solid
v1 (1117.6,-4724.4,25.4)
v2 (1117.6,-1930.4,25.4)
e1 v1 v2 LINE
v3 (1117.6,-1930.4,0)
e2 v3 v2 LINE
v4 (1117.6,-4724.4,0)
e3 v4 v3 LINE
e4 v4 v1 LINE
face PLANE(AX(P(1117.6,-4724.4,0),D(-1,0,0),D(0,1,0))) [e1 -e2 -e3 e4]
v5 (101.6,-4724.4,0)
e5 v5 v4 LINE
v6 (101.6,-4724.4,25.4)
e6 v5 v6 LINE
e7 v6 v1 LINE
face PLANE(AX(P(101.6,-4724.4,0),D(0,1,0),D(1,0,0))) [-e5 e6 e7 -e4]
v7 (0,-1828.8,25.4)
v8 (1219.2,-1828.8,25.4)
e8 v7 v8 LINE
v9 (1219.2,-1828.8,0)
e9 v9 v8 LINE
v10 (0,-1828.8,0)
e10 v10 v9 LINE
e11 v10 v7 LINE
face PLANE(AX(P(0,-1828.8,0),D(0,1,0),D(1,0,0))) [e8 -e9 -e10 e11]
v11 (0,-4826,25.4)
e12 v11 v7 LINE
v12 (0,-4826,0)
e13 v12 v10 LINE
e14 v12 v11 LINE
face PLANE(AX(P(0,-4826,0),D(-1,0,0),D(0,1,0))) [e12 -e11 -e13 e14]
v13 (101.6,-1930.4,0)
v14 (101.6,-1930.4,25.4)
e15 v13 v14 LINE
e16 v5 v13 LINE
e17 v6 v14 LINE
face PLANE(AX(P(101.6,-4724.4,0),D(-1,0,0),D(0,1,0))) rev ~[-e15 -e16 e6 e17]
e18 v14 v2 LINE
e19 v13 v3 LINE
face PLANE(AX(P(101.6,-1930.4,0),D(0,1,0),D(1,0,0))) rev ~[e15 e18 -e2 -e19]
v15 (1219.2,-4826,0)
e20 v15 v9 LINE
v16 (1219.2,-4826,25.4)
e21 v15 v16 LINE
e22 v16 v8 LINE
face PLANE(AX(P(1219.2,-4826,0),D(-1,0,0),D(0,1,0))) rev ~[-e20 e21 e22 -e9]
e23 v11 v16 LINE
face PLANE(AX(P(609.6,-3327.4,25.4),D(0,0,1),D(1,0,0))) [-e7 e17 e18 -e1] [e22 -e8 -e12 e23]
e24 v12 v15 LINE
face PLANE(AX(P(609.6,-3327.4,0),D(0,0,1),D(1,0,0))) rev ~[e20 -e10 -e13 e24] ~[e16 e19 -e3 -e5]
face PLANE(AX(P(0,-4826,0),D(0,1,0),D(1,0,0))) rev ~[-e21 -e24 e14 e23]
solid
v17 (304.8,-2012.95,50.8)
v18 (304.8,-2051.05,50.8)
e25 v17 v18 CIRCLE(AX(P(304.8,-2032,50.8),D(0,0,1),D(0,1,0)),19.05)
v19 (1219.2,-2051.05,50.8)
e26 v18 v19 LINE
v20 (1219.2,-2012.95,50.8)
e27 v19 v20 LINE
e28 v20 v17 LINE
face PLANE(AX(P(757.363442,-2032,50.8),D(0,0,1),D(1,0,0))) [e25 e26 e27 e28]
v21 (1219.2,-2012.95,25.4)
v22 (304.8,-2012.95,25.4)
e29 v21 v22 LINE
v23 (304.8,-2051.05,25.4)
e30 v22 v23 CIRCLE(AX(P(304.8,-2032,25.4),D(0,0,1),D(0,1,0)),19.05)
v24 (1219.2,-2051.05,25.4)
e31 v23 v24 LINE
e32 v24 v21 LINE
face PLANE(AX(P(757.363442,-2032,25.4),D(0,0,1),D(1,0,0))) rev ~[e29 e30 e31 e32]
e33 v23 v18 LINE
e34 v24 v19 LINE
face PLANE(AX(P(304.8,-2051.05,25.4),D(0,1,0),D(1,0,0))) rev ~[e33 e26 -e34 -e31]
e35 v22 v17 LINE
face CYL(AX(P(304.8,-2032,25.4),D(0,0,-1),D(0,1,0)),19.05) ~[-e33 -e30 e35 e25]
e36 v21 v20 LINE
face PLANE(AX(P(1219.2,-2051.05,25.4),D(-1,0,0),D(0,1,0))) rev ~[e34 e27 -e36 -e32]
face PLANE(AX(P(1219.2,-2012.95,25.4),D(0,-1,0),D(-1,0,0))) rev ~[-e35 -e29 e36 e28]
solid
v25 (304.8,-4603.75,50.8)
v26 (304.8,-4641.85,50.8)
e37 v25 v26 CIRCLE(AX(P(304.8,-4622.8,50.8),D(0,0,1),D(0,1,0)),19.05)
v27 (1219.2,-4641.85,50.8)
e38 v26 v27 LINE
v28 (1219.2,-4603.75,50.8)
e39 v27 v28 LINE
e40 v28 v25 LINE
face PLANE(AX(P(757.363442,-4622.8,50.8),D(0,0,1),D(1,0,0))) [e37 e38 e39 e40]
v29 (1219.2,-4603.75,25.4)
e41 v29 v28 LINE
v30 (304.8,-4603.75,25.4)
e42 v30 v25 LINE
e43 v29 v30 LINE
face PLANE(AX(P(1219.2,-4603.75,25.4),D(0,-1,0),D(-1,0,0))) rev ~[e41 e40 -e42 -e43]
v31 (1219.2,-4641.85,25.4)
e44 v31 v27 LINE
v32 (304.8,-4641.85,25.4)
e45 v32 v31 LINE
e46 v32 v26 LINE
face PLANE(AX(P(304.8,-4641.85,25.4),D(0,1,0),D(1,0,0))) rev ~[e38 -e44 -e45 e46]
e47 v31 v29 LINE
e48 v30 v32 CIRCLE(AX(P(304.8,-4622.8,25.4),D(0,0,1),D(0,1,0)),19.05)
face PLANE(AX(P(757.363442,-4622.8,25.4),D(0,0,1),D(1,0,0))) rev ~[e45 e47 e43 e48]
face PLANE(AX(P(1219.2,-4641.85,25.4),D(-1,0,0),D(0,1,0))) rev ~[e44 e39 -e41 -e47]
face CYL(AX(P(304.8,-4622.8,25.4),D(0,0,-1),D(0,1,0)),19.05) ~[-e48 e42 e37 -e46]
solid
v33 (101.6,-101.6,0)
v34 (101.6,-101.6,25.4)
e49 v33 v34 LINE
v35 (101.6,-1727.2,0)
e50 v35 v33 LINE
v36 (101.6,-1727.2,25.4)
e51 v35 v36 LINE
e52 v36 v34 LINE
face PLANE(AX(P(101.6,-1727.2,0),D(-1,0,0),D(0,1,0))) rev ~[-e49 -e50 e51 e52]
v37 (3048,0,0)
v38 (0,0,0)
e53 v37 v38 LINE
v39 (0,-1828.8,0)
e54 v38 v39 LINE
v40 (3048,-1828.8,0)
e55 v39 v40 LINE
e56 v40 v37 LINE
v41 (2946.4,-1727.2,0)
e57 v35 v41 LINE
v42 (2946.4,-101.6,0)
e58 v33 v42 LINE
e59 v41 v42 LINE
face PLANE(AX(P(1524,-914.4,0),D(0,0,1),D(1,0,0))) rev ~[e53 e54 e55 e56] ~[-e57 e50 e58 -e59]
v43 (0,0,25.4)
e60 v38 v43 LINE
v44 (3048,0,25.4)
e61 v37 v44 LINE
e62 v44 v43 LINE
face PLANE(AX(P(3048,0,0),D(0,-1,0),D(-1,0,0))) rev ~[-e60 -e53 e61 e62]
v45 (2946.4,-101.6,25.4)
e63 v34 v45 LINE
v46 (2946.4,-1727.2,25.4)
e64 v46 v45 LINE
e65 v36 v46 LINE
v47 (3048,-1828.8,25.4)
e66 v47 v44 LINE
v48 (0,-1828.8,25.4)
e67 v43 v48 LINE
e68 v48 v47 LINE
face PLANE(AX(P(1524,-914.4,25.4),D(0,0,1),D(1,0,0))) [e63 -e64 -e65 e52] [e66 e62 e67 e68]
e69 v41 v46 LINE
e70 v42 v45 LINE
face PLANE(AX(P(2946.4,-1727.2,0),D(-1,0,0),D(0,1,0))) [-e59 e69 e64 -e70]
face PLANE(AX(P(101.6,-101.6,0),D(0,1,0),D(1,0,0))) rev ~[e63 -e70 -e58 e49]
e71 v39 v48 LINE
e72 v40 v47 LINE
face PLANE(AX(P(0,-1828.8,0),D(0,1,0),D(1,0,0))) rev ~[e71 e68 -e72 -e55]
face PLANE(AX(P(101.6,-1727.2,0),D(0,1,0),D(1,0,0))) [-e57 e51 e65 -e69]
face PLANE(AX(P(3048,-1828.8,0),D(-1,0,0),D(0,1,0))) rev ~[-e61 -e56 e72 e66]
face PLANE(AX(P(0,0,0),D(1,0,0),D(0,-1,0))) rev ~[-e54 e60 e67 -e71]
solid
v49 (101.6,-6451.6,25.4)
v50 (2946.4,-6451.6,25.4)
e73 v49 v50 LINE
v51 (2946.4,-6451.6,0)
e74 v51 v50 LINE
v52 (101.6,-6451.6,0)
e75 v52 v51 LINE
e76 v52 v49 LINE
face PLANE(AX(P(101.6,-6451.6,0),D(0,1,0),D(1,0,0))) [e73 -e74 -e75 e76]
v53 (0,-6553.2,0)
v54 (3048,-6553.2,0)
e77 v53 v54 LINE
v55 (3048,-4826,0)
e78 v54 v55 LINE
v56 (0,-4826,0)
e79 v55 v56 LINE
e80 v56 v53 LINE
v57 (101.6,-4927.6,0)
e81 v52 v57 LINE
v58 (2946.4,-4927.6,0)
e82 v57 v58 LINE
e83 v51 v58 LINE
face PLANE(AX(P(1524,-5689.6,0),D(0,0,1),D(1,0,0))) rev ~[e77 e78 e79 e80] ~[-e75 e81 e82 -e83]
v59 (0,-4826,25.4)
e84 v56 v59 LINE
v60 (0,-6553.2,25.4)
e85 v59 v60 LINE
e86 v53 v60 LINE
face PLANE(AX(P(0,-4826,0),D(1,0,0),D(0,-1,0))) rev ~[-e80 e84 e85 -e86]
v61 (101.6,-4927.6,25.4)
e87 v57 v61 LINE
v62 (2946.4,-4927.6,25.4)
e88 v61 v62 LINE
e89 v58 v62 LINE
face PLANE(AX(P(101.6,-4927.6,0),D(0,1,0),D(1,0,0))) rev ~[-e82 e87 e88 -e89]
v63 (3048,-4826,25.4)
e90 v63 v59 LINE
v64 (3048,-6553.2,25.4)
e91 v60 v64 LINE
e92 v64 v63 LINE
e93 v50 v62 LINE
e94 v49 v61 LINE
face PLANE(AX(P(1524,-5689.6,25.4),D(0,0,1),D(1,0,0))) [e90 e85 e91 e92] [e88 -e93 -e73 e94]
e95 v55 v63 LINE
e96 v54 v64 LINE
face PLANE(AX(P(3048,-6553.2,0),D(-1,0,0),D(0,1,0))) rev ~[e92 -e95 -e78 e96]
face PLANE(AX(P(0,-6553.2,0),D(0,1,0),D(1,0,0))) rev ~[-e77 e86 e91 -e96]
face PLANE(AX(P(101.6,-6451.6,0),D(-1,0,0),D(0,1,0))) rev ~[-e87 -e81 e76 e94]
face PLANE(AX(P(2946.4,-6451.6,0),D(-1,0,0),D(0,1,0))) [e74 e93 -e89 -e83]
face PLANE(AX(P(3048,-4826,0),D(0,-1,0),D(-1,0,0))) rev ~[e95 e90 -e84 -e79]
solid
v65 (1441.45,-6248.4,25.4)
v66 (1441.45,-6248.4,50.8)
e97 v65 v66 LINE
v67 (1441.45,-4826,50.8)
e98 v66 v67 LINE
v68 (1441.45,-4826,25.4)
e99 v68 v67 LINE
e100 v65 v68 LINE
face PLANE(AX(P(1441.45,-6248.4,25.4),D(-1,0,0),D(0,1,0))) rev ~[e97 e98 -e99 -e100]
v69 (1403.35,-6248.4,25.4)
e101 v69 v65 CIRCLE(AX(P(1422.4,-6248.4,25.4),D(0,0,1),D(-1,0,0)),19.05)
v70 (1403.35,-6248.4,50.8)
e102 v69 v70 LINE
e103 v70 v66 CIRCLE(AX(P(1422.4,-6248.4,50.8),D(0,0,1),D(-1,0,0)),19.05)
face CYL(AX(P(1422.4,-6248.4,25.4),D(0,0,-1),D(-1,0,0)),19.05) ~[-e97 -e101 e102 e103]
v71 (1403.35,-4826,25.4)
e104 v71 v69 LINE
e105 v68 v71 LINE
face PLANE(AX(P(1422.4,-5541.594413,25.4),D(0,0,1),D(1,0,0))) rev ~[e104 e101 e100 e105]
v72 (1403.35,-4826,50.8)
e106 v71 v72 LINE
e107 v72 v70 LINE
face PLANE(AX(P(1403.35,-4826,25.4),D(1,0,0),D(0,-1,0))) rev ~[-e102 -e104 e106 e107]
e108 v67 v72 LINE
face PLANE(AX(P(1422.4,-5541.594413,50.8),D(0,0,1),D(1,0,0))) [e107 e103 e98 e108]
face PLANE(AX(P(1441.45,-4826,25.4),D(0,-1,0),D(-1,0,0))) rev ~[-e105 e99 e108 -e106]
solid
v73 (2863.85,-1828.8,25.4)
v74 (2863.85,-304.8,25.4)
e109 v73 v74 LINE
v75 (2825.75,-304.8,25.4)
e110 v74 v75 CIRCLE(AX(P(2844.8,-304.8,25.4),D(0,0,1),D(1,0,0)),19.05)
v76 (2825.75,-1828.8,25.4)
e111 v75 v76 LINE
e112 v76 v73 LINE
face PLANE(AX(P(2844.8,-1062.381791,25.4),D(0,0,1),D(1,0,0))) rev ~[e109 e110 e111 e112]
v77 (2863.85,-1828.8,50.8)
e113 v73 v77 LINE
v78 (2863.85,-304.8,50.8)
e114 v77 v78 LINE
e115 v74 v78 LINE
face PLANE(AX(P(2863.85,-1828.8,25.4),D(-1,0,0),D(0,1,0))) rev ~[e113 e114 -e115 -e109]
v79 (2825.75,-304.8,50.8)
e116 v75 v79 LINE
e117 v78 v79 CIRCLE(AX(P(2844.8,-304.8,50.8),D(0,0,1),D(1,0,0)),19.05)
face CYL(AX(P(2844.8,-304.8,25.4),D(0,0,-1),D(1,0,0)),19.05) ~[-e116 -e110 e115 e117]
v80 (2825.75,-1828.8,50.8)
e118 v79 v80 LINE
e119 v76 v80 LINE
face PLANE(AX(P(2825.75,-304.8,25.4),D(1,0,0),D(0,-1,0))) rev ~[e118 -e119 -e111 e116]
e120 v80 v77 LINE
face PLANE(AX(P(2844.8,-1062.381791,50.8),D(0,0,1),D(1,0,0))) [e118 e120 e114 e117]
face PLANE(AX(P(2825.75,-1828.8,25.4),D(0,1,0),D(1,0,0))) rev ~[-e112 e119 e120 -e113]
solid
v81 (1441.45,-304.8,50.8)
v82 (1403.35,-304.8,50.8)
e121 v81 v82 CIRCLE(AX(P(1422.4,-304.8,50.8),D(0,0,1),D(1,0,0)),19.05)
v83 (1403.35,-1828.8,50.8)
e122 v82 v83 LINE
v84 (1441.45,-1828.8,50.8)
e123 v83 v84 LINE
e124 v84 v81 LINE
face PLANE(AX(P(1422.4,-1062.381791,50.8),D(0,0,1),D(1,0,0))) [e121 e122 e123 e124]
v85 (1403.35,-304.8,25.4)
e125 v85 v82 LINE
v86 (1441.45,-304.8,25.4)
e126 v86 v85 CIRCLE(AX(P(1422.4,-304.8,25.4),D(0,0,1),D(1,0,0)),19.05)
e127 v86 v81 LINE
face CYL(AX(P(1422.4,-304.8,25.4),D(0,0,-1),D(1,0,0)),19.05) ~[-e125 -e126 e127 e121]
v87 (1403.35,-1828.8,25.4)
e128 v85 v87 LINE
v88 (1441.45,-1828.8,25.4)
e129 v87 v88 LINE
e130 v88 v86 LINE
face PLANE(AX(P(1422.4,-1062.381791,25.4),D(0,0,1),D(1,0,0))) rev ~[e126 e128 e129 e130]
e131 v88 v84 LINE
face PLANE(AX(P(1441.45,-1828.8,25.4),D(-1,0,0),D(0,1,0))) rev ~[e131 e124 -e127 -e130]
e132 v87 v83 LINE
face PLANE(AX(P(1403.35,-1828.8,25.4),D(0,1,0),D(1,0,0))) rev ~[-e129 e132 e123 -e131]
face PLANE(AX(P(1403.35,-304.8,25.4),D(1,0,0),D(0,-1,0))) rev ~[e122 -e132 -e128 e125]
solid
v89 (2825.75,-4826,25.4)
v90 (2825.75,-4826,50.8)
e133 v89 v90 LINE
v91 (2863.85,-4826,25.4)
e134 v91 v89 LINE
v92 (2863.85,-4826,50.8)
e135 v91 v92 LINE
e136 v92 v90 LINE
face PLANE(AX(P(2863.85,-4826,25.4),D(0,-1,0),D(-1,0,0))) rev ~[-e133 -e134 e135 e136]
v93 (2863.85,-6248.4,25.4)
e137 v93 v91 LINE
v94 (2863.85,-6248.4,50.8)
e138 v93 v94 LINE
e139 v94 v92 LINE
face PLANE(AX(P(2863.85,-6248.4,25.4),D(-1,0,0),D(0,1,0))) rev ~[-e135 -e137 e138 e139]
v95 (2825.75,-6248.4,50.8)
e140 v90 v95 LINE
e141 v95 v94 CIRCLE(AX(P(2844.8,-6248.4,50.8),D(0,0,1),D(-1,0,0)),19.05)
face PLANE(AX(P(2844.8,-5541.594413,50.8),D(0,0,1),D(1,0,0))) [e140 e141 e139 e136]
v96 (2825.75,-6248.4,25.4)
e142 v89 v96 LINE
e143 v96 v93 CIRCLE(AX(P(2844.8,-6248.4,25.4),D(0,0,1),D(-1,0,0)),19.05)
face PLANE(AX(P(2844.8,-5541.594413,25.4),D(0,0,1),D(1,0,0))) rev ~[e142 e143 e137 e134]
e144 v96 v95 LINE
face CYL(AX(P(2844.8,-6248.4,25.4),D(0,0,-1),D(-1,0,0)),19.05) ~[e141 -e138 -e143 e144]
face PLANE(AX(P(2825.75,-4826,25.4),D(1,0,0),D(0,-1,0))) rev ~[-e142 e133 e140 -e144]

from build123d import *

# Parameters (mm, degrees)
F0_W     = 2844.8
F0_H     = 1625.6
F1_DEPTH = 25.4
F0_W_2   = 1219.2
F0_H_2   = 2997.2
F0_W_3   = 1016
F0_H_3   = 2794
F2_DEPTH = 25.4
F0_H_4   = 1524
F3_DEPTH = 25.4
F5_DEPTH = 25.4


with BuildPart() as f1:
    # F0 (on Top) → F1 (new body)
    with BuildSketch(Plane.XY):
        Polygon((3048, 0), (0, 0), (0, -1828.8), (1219.2, -1828.8), (3048, -1828.8), align=None)
        with Locations((1524, -914.4)):
            Rectangle(F0_W, F0_H, mode=Mode.SUBTRACT)
    extrude(amount=F1_DEPTH)


with BuildPart() as f2:
    # F0 (on Top) → F2 (new body)
    with BuildSketch(Plane.XY):
        with Locations((609.6, -3327.4)):
            Rectangle(F0_W_2, F0_H_2)
        with Locations((609.6, -3327.4)):
            Rectangle(F0_W_3, F0_H_3, mode=Mode.SUBTRACT)
    extrude(amount=F2_DEPTH)


with BuildPart() as f3:
    # F0 (on Top) → F3 (new body)
    with BuildSketch(Plane.XY):
        Polygon((1219.2, -4826), (0, -4826), (0, -6553.2), (3048, -6553.2), (3048, -4826), align=None)
        with Locations((1524, -5689.6)):
            Rectangle(F0_W, F0_H_4, mode=Mode.SUBTRACT)
    extrude(amount=F3_DEPTH)


with BuildPart() as f5:
    # F4 (on face) → F5 (new body)
    with BuildSketch(Plane.XY.offset(25.4)):
        with BuildLine():
            Line((2825.75, -304.8), (2825.75, -1828.8))
            Line((2825.75, -1828.8), (2863.85, -1828.8))
            Line((2863.85, -1828.8), (2863.85, -304.8))
            ThreePointArc((2863.85, -304.8), (2844.8, -323.85), (2825.75, -304.8))
        make_face()
        with BuildLine():
            ThreePointArc((2863.85, -304.8), (2844.8, -285.75), (2825.75, -304.8))
            Line((2825.75, -304.8), (2863.85, -304.8))
        make_face()
        with BuildLine():
            Line((2863.85, -304.8), (2825.75, -304.8))
            ThreePointArc((2825.75, -304.8), (2844.8, -323.85), (2863.85, -304.8))
        make_face()
    extrude(amount=F5_DEPTH)


with BuildPart() as f5b:
    # F4 (on face) → F5, piece 2 (new body)
    with BuildSketch(Plane.XY.offset(25.4)):
        with BuildLine():
            Line((1403.35, -304.8), (1403.35, -1828.8))
            Line((1403.35, -1828.8), (1441.45, -1828.8))
            Line((1441.45, -1828.8), (1441.45, -304.8))
            ThreePointArc((1441.45, -304.8), (1422.4, -323.85), (1403.35, -304.8))
        make_face()
        with BuildLine():
            ThreePointArc((1441.45, -304.8), (1422.4, -285.75), (1403.35, -304.8))
            Line((1403.35, -304.8), (1441.45, -304.8))
        make_face()
        with BuildLine():
            Line((1441.45, -304.8), (1403.35, -304.8))
            ThreePointArc((1403.35, -304.8), (1422.4, -323.85), (1441.45, -304.8))
        make_face()
    extrude(amount=F5_DEPTH)


with BuildPart() as f5c:
    # F4 (on face) → F5, piece 3 (new body)
    with BuildSketch(Plane.XY.offset(25.4)):
        with BuildLine():
            Line((1219.2, -2051.05), (1219.2, -2012.95))
            Line((1219.2, -2012.95), (304.8, -2012.95))
            ThreePointArc((304.8, -2012.95), (318.2703841816, -2018.5296158184), (323.85, -2032))
            ThreePointArc((323.85, -2032), (318.2703841816, -2045.4703841816), (304.8, -2051.05))
            Line((304.8, -2051.05), (1219.2, -2051.05))
        make_face()
        with BuildLine():
            ThreePointArc((323.85, -2032), (318.2703841816, -2018.5296158184), (304.8, -2012.95))
            Line((304.8, -2012.95), (304.8, -2051.05))
            ThreePointArc((304.8, -2051.05), (318.2703841816, -2045.4703841816), (323.85, -2032))
        make_face()
        with BuildLine():
            Line((304.8, -2051.05), (304.8, -2012.95))
            ThreePointArc((304.8, -2012.95), (285.75, -2032), (304.8, -2051.05))
        make_face()
    extrude(amount=F5_DEPTH)


with BuildPart() as f5d:
    # F4 (on face) → F5, piece 4 (new body)
    with BuildSketch(Plane.XY.offset(25.4)):
        with BuildLine():
            Line((1219.2, -4641.85), (1219.2, -4603.75))
            Line((1219.2, -4603.75), (304.8, -4603.75))
            ThreePointArc((304.8, -4603.75), (318.2703841816, -4609.3296158184), (323.85, -4622.8))
            ThreePointArc((323.85, -4622.8), (318.2703841816, -4636.2703841816), (304.8, -4641.85))
            Line((304.8, -4641.85), (1219.2, -4641.85))
        make_face()
        with BuildLine():
            ThreePointArc((323.85, -4622.8), (318.2703841816, -4609.3296158184), (304.8, -4603.75))
            Line((304.8, -4603.75), (304.8, -4641.85))
            ThreePointArc((304.8, -4641.85), (318.2703841816, -4636.2703841816), (323.85, -4622.8))
        make_face()
        with BuildLine():
            Line((304.8, -4641.85), (304.8, -4603.75))
            ThreePointArc((304.8, -4603.75), (285.75, -4622.8), (304.8, -4641.85))
        make_face()
    extrude(amount=F5_DEPTH)


with BuildPart() as f5e:
    # F4 (on face) → F5, piece 5 (new body)
    with BuildSketch(Plane.XY.offset(25.4)):
        with BuildLine():
            Line((1441.45, -4826), (1403.35, -4826))
            Line((1403.35, -4826), (1403.35, -6248.4))
            ThreePointArc((1403.35, -6248.4), (1422.4, -6229.35), (1441.45, -6248.4))
            Line((1441.45, -6248.4), (1441.45, -4826))
        make_face()
        with BuildLine():
            ThreePointArc((1441.45, -6248.4), (1422.4, -6229.35), (1403.35, -6248.4))
            Line((1403.35, -6248.4), (1441.45, -6248.4))
        make_face()
        with BuildLine():
            Line((1441.45, -6248.4), (1403.35, -6248.4))
            ThreePointArc((1403.35, -6248.4), (1422.4, -6267.45), (1441.45, -6248.4))
        make_face()
    extrude(amount=F5_DEPTH)


with BuildPart() as f5f:
    # F4 (on face) → F5, piece 6 (new body)
    with BuildSketch(Plane.XY.offset(25.4)):
        with BuildLine():
            Line((2863.85, -4826), (2825.75, -4826))
            Line((2825.75, -4826), (2825.75, -6248.4))
            ThreePointArc((2825.75, -6248.4), (2844.8, -6229.35), (2863.85, -6248.4))
            Line((2863.85, -6248.4), (2863.85, -4826))
        make_face()
        with BuildLine():
            ThreePointArc((2863.85, -6248.4), (2844.8, -6229.35), (2825.75, -6248.4))
            Line((2825.75, -6248.4), (2863.85, -6248.4))
        make_face()
        with BuildLine():
            Line((2863.85, -6248.4), (2825.75, -6248.4))
            ThreePointArc((2825.75, -6248.4), (2844.8, -6267.45), (2863.85, -6248.4))
        make_face()
    extrude(amount=F5_DEPTH)


solid = Compound([f1.part, f2.part, f3.part, f5.part, f5b.part, f5c.part, f5d.part, f5e.part, f5f.part])
